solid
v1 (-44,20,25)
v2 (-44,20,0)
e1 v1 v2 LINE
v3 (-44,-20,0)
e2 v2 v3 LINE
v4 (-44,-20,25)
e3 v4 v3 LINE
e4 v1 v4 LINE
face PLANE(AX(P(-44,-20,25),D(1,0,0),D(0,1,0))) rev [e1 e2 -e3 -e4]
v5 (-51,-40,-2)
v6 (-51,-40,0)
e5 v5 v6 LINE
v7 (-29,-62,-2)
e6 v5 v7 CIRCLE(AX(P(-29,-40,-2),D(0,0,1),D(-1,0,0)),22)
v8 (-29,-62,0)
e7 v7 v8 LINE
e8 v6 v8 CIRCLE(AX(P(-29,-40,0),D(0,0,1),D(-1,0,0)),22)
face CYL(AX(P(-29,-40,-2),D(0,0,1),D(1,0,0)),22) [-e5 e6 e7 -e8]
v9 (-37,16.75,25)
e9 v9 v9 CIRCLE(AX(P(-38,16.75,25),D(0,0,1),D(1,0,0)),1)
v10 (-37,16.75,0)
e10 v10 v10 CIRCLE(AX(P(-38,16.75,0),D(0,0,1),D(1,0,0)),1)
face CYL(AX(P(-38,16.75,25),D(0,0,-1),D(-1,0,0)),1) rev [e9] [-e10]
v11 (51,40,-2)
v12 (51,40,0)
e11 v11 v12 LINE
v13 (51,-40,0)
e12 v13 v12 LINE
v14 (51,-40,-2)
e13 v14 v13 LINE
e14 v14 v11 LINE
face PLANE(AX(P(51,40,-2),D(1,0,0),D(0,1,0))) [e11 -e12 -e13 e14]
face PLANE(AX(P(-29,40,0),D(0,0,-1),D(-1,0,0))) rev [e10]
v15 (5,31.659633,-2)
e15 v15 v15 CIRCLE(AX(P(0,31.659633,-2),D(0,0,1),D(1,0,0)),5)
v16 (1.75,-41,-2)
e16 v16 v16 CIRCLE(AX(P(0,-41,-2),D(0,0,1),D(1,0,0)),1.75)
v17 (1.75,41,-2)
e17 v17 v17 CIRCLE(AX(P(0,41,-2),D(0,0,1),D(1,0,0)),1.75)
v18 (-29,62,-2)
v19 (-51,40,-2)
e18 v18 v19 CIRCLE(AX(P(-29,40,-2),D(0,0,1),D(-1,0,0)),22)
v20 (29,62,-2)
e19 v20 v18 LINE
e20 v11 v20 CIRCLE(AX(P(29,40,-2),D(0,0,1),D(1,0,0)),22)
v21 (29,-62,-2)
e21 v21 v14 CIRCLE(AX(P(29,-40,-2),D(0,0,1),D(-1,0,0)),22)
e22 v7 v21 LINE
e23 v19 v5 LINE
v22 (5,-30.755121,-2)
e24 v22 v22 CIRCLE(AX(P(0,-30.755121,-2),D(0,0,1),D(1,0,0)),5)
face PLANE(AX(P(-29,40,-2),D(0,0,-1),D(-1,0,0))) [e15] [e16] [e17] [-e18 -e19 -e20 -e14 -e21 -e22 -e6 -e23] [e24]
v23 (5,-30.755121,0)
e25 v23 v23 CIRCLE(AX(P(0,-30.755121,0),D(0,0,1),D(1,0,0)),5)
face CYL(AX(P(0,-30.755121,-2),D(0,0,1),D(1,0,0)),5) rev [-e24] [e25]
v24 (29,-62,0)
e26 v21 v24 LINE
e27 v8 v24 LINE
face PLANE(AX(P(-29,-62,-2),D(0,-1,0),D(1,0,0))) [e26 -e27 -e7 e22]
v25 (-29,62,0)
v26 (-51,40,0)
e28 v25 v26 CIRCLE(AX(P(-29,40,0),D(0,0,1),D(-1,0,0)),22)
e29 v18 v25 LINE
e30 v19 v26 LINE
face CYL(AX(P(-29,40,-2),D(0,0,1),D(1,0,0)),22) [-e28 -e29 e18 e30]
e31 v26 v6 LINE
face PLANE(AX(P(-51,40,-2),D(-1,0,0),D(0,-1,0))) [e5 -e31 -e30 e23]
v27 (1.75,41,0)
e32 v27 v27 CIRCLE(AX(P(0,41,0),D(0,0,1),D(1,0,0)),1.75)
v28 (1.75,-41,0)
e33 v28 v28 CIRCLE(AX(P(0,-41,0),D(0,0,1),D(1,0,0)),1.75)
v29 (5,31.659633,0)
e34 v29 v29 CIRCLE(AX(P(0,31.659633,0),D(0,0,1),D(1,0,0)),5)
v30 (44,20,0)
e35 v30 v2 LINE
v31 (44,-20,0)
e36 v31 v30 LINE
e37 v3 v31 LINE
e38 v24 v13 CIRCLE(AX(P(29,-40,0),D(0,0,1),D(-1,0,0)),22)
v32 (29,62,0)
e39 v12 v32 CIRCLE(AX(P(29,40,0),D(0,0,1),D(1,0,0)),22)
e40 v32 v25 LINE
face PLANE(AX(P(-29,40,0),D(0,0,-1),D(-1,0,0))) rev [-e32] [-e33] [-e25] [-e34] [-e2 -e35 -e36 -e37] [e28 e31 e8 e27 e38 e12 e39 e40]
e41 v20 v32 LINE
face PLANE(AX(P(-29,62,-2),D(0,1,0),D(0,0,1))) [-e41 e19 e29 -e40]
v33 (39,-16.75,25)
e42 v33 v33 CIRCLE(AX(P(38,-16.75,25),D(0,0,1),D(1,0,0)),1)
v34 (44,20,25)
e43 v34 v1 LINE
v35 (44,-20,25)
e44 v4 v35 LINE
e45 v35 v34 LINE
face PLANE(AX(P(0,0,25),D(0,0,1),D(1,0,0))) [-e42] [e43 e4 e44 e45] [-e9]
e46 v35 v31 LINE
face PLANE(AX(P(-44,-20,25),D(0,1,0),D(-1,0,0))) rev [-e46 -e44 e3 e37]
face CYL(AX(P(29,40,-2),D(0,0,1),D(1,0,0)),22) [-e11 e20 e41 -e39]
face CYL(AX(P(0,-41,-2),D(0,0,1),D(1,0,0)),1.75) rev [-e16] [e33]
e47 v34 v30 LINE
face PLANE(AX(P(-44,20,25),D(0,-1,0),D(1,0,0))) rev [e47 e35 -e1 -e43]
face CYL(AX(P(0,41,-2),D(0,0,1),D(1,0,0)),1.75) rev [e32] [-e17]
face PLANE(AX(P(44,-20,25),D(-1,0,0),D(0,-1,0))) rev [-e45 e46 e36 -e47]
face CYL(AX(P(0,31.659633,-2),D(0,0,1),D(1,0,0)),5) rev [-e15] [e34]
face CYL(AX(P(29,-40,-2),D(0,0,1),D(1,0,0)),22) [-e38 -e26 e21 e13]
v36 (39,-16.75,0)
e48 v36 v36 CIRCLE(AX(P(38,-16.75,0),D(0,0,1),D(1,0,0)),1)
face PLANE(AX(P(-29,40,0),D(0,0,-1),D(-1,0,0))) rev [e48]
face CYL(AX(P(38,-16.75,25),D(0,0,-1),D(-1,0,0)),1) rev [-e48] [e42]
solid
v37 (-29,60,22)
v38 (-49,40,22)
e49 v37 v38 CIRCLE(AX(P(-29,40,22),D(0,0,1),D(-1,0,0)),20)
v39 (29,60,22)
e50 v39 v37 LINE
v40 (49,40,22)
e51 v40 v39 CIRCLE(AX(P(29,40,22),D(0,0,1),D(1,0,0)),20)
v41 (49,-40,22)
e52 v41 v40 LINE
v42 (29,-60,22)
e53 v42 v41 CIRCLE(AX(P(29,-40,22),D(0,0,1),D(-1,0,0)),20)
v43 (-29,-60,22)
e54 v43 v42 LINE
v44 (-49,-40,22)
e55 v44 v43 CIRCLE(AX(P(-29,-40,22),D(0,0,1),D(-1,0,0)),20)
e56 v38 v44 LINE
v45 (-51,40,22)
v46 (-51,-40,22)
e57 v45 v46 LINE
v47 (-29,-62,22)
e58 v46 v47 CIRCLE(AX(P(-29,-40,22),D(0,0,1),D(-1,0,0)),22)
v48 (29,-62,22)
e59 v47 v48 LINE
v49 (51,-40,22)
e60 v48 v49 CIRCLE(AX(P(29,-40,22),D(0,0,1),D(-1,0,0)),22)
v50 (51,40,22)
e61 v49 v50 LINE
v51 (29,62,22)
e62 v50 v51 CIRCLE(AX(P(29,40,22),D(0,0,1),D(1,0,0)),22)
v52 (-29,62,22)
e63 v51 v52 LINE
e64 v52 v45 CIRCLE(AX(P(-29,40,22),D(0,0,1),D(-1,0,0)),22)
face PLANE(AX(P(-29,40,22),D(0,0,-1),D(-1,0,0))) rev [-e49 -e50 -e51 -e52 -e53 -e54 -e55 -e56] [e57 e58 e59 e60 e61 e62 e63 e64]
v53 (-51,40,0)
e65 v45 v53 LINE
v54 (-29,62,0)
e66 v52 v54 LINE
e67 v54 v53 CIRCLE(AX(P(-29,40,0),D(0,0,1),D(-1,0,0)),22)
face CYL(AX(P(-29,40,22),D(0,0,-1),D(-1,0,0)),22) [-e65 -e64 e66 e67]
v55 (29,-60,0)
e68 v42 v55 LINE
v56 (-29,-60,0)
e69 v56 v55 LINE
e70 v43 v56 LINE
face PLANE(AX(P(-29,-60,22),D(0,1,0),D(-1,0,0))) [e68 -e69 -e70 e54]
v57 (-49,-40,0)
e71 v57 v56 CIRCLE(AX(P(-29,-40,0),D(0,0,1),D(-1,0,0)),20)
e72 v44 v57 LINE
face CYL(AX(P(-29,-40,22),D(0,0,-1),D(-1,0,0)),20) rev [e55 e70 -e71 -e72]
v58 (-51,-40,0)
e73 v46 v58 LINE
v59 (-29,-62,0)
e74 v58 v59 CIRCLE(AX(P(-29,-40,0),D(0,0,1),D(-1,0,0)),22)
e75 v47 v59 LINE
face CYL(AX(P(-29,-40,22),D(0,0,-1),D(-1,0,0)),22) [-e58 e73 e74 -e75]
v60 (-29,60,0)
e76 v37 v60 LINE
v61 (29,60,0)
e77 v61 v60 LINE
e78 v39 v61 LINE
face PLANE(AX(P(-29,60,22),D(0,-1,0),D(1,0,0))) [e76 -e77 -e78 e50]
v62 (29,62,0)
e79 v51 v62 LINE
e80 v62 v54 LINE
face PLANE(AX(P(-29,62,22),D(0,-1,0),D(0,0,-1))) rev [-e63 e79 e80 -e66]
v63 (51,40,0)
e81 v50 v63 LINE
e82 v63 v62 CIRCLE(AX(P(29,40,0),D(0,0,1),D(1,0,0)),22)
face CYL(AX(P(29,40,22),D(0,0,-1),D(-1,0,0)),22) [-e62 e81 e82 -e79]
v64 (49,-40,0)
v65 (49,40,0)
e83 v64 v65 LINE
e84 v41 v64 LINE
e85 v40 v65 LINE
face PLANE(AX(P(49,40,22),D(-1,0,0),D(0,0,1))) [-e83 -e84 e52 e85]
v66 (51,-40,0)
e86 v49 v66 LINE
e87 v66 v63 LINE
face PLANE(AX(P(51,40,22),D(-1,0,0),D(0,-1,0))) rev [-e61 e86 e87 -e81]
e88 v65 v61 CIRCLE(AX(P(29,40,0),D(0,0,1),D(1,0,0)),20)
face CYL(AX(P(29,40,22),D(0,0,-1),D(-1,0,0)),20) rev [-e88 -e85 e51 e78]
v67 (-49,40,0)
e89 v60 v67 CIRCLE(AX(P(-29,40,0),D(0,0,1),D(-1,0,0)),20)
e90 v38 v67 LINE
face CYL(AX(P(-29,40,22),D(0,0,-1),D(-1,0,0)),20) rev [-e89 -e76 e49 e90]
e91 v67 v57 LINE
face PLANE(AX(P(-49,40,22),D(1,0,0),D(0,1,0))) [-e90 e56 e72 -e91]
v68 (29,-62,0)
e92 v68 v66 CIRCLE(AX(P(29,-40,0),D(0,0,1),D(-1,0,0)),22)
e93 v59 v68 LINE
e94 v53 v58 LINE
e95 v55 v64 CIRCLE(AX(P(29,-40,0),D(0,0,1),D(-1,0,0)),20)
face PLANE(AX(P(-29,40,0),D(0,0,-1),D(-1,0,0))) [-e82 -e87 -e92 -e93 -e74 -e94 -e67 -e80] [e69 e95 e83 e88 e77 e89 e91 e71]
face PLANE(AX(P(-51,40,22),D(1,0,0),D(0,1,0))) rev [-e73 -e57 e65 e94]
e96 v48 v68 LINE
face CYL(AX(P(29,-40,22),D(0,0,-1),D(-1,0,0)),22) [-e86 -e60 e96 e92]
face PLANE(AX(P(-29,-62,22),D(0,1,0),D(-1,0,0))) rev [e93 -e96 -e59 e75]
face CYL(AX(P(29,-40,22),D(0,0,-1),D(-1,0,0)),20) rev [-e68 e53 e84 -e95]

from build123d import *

# Parameters (mm, degrees)
BOSS_EXTRUDE1_DEPTH = 22
SKETCH3_W           = 88
SKETCH3_H           = 40
SKETCH3_R           = 1
BOSS_EXTRUDE2_DEPTH = 25
BOSS_EXTRUDE3_START = -2
SKETCH6_R           = 1.75
SKETCH6_R_2         = 5
BOSS_EXTRUDE3_DEPTH = 2


with BuildPart() as part:
    # Sketch1 → Boss-Extrude1 (new body)
    with BuildSketch(Plane.XY):
        with BuildLine():
            Line((-29, 62), (29, 62))
            ThreePointArc((29, 62), (44.556349186, 55.556349186), (51, 40))
            Line((51, 40), (51, -40))
            ThreePointArc((51, -40), (44.556349186, -55.556349186), (29, -62))
            Line((29, -62), (-29, -62))
            ThreePointArc((-29, -62), (-44.556349186, -55.556349186), (-51, -40))
            Line((-51, -40), (-51, 40))
            ThreePointArc((-51, 40), (-44.556349186, 55.556349186), (-29, 62))
        make_face()
        with BuildLine():
            Line((-29, 60), (29, 60))
            ThreePointArc((29, 60), (43.142135624, 54.142135624), (49, 40))
            Line((49, 40), (49, -40))
            ThreePointArc((49, -40), (43.142135624, -54.142135624), (29, -60))
            Line((29, -60), (-29, -60))
            ThreePointArc((-29, -60), (-43.142135624, -54.142135624), (-49, -40))
            Line((-49, -40), (-49, 40))
            ThreePointArc((-49, 40), (-43.142135624, 54.142135624), (-29, 60))
        make_face(mode=Mode.SUBTRACT)
    extrude(amount=BOSS_EXTRUDE1_DEPTH)


with BuildPart() as body_2:
    # Sketch3 → Boss-Extrude2 (new body)
    with BuildSketch(Plane.XY):
        Rectangle(SKETCH3_W, SKETCH3_H)
        with Locations((-38, 16.75)):
            Circle(SKETCH3_R, mode=Mode.SUBTRACT)
        with Locations((38, -16.75)):
            Circle(SKETCH3_R, mode=Mode.SUBTRACT)
    extrude(amount=BOSS_EXTRUDE2_DEPTH)

    # Sketch6 → Boss-Extrude3 (add)
    with BuildSketch(Plane.XY.offset(BOSS_EXTRUDE3_START)):
        with BuildLine():
            Line((-29, 62), (29, 62))
            ThreePointArc((29, 62), (44.556349186, 55.556349186), (51, 40))
            Line((51, 40), (51, -40))
            ThreePointArc((51, -40), (44.556349186, -55.556349186), (29, -62))
            Line((29, -62), (-29, -62))
            ThreePointArc((-29, -62), (-44.556349186, -55.556349186), (-51, -40))
            Line((-51, -40), (-51, 40))
            ThreePointArc((-51, 40), (-44.556349186, 55.556349186), (-29, 62))
        make_face()
        with Locations((0, 41)):
            Circle(SKETCH6_R, mode=Mode.SUBTRACT)
        with Locations((0, -41)):
            Circle(SKETCH6_R, mode=Mode.SUBTRACT)
        with Locations((0, 31.659632999)):
            Circle(SKETCH6_R_2, mode=Mode.SUBTRACT)
        with Locations((0, -30.755120583)):
            Circle(SKETCH6_R_2, mode=Mode.SUBTRACT)
    extrude(amount=BOSS_EXTRUDE3_DEPTH)


solid = Compound([part.part, body_2.part])
